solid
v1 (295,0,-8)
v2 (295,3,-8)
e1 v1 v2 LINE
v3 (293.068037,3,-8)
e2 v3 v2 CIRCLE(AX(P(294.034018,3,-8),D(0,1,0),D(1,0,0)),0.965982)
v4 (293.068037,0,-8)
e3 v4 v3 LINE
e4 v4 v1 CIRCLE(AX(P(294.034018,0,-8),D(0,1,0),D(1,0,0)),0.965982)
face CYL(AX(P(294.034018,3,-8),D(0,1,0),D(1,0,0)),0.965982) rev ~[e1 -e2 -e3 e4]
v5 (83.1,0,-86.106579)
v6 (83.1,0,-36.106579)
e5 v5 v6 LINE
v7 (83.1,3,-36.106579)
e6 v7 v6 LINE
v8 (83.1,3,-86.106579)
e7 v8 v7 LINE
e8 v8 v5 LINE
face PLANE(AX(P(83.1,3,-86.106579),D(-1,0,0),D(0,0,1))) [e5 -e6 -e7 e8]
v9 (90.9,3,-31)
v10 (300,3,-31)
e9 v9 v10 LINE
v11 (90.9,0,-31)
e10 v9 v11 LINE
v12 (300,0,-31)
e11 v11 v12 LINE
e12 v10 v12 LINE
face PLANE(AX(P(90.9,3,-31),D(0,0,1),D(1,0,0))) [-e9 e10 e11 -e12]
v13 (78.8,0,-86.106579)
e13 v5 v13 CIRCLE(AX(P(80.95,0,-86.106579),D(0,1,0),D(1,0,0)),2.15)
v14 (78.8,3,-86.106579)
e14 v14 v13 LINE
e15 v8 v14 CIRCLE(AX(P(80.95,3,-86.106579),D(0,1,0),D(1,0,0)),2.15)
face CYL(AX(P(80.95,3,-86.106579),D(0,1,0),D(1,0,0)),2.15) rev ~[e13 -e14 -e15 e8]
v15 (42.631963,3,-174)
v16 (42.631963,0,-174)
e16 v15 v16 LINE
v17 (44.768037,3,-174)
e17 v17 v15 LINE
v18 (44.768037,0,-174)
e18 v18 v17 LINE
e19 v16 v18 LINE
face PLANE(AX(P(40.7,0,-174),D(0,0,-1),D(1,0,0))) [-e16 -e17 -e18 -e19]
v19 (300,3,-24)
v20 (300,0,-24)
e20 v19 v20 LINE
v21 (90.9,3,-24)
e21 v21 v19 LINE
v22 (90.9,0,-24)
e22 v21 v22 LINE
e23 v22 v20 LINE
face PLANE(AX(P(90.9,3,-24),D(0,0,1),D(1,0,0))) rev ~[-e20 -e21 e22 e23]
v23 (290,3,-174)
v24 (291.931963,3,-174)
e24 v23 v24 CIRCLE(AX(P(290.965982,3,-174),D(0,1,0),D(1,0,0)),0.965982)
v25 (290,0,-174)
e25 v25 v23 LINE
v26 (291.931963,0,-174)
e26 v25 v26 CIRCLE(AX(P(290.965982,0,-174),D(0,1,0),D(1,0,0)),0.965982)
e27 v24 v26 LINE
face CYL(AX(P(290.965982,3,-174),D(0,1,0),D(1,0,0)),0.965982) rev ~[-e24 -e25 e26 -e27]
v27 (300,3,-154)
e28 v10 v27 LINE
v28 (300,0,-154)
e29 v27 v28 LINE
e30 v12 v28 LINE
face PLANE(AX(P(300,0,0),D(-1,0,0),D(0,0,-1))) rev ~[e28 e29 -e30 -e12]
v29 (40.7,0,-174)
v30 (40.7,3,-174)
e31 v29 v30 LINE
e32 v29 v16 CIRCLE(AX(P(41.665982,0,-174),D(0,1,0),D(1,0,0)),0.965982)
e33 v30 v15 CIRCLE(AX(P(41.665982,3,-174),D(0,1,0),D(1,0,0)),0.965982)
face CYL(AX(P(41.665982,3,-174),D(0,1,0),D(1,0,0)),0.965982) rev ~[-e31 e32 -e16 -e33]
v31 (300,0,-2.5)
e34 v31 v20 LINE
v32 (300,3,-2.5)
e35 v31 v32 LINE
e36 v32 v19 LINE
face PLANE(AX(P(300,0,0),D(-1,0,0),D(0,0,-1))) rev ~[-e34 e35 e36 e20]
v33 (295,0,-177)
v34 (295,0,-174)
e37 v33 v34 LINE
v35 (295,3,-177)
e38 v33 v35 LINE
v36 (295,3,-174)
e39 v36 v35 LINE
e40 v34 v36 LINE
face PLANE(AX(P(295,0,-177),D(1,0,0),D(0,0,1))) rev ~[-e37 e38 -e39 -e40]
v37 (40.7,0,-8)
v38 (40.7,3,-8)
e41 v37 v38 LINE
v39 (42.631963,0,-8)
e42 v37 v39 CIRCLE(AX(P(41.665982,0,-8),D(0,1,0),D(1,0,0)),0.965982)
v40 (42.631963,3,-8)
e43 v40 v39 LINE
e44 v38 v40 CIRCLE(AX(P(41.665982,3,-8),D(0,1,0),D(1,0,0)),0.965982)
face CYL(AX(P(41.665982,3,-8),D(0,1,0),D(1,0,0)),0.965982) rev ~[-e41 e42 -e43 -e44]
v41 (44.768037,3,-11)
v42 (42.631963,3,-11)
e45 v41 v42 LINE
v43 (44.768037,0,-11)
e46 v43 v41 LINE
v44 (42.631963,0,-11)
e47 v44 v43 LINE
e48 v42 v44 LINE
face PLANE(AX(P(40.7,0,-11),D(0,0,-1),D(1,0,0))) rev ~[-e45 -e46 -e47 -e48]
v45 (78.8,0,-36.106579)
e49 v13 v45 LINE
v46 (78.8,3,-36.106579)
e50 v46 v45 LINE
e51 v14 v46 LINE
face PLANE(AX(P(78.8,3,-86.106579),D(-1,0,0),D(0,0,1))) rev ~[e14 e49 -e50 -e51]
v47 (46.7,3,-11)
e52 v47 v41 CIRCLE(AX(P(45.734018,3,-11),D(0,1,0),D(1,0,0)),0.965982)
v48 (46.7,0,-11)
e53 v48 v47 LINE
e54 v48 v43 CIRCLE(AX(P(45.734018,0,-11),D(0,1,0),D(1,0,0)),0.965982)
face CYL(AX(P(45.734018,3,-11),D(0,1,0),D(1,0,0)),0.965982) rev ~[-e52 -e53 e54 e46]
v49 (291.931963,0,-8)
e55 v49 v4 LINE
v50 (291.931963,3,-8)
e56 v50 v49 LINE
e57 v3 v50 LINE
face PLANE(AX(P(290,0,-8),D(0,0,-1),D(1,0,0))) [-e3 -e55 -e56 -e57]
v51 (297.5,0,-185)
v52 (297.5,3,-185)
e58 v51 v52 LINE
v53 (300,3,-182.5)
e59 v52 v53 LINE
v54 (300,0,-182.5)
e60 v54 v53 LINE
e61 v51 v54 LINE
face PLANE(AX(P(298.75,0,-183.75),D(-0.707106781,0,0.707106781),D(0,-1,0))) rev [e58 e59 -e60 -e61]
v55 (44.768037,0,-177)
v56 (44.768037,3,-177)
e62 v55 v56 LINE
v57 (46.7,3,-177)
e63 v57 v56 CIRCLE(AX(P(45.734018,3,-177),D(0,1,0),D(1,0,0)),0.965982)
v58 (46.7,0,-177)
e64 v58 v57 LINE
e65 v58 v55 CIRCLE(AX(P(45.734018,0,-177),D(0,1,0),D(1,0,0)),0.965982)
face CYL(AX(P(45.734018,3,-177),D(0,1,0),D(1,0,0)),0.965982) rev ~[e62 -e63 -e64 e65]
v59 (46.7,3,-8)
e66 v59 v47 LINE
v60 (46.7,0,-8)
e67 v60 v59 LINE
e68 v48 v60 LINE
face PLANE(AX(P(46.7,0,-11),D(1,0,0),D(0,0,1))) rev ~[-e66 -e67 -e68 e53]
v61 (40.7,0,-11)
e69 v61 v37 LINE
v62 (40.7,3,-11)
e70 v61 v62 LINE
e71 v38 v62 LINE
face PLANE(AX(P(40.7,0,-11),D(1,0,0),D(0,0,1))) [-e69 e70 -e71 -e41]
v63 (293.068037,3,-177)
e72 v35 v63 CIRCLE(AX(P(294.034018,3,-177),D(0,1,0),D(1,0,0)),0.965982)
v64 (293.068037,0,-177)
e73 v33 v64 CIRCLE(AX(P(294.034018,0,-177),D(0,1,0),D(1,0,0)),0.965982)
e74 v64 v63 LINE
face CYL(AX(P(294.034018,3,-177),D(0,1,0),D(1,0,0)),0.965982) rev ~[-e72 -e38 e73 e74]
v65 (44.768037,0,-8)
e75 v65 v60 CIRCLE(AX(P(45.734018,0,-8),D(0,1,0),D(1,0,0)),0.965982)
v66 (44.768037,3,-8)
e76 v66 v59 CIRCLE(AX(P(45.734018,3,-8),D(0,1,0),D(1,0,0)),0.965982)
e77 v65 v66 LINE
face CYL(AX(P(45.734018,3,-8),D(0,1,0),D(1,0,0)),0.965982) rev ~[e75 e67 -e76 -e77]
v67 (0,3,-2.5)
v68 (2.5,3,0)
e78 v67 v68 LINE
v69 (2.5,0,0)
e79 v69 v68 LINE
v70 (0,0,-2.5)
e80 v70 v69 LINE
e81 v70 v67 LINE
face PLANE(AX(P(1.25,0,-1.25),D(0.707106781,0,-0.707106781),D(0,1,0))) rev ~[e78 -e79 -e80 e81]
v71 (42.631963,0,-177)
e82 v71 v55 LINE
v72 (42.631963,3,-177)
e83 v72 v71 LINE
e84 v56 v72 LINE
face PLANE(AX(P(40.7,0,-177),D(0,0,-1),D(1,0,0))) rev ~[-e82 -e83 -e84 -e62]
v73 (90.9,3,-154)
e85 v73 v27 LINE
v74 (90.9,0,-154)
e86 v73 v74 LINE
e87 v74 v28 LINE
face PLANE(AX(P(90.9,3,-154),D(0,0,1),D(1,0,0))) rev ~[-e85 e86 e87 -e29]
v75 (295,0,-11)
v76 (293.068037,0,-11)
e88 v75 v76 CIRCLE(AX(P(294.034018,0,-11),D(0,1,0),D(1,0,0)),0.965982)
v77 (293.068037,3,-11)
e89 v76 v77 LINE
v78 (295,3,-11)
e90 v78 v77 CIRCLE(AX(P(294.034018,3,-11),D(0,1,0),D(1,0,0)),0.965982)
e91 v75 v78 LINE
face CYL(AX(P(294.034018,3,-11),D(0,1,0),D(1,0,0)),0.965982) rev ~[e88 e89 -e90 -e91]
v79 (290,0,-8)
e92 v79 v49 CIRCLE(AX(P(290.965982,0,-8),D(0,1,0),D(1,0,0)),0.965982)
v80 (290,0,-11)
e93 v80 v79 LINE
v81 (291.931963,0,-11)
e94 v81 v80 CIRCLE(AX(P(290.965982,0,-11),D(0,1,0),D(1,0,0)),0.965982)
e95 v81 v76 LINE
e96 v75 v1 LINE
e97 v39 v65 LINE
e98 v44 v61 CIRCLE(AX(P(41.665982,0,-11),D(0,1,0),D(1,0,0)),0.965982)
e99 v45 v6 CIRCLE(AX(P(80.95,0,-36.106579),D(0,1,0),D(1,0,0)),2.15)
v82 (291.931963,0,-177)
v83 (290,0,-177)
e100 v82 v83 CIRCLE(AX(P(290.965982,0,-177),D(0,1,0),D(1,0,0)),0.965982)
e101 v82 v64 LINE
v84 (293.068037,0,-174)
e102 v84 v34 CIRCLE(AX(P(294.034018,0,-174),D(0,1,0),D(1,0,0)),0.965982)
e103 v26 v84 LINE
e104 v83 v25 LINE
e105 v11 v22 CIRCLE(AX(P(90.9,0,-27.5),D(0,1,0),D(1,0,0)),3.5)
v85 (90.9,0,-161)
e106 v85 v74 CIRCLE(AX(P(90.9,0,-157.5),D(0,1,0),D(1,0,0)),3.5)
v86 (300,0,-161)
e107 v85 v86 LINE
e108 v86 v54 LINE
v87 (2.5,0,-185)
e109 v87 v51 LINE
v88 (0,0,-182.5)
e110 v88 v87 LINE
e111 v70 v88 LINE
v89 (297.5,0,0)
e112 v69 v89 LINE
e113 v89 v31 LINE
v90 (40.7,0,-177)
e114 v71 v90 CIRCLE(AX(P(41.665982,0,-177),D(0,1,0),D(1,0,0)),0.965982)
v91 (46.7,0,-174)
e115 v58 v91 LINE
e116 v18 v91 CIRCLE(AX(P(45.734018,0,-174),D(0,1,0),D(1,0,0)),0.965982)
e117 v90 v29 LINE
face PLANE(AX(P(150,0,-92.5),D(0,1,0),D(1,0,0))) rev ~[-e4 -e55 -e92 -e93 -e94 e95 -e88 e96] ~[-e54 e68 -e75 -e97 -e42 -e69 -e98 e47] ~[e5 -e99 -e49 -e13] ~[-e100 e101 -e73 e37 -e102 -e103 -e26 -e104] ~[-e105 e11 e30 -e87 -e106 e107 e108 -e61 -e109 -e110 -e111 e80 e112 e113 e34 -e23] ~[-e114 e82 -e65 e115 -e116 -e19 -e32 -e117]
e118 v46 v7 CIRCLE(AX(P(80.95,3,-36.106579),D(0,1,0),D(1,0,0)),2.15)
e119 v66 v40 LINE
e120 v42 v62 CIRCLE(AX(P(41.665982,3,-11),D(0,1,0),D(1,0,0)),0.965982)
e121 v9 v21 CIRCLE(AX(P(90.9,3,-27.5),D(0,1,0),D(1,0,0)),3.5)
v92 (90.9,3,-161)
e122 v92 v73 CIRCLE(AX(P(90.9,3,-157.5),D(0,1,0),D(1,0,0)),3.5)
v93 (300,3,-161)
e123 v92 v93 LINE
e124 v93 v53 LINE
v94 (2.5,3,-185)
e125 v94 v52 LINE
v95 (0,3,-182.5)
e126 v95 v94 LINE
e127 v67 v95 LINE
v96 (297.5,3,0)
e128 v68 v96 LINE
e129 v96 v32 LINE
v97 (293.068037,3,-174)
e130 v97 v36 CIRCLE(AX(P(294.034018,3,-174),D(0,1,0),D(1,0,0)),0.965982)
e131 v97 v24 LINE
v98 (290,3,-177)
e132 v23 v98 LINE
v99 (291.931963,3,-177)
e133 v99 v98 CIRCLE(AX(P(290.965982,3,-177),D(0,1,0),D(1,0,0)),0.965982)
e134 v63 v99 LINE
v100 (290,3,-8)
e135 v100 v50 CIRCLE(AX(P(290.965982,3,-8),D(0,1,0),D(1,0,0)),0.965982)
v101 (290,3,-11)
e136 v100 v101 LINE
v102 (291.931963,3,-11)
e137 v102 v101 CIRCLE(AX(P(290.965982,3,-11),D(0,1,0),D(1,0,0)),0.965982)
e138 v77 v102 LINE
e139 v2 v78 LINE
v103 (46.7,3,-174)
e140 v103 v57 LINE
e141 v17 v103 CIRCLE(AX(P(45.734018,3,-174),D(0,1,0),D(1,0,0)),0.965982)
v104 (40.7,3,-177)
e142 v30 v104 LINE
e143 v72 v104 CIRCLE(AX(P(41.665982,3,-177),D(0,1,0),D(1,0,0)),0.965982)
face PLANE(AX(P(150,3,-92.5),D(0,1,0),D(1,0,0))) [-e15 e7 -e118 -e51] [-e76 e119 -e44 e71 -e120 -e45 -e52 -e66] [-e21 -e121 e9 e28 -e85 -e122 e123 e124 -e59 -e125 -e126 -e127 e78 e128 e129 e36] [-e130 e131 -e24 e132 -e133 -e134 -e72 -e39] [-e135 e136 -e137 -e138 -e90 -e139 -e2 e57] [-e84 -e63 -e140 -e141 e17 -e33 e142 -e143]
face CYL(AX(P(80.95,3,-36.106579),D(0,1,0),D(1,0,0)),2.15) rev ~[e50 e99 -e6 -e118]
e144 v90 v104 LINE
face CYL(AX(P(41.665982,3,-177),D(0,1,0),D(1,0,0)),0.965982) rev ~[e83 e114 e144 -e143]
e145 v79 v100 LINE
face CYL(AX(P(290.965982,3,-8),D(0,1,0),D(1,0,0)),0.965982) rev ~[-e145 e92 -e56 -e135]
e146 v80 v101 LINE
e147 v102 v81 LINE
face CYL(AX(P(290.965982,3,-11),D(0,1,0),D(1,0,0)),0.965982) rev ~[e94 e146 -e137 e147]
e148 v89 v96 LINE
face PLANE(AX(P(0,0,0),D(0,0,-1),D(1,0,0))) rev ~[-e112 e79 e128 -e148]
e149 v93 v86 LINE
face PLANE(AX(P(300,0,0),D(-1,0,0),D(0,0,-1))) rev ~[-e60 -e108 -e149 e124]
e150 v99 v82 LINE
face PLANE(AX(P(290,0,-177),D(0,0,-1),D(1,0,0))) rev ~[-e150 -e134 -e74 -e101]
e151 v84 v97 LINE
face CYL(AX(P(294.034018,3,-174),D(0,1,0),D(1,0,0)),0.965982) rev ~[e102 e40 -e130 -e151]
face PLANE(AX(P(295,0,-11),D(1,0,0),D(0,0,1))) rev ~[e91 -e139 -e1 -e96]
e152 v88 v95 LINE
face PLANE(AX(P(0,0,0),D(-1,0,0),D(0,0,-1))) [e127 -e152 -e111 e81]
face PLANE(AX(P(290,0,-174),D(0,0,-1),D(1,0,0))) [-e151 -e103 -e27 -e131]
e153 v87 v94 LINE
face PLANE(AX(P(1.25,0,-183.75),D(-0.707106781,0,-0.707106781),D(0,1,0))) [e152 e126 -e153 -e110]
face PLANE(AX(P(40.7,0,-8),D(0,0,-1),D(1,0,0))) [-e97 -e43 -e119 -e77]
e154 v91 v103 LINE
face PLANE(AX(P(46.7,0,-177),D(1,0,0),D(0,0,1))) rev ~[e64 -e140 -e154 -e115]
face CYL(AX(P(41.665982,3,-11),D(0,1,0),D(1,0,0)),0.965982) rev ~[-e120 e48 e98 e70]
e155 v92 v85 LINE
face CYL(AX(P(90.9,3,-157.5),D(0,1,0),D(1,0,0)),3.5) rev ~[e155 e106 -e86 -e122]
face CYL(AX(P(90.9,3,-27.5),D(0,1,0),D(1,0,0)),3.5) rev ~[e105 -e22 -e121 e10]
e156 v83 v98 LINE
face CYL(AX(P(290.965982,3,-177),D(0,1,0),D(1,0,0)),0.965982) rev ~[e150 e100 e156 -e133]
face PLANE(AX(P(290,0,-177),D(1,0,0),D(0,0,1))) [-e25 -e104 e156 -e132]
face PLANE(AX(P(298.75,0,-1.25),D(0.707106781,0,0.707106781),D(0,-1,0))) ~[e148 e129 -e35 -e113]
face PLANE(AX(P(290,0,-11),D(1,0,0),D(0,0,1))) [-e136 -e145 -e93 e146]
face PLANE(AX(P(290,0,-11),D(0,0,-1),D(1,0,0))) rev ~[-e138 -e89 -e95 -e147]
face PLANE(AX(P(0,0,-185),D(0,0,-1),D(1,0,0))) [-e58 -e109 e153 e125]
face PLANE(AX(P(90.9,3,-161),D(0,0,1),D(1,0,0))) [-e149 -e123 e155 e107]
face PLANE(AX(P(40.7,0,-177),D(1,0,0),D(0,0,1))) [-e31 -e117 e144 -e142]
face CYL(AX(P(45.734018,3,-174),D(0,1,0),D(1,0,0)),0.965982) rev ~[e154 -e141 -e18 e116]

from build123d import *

# Parameters (mm, degrees)
SKETCH_1_W           = 300
SKETCH_1_H           = 185
EXTRUDE_1_DEPTH      = 3
CUT_EXTRUDE_1_DEPTH  = 10
SKETCH_3_R           = 2.15
CUT_EXTRUDE_2_DEPTH  = 10
SKETCH_4_W           = 209.1
SKETCH_4_H           = 7
CUT_EXTRUDE_3_DEPTH  = 10
SKETCH_5_R           = 3.5
CUT_EXTRUDE_5_DEPTH  = 10
CHAMFER_1_SIZE       = 2.5
SKETCH_9_W           = 5
SKETCH_9_H           = 3
SKETCH_9_W_2         = 6
CUT_EXTRUDE_9_DEPTH  = 10
SKETCH_10_R          = 0.965981561
CUT_EXTRUDE_10_DEPTH = 10


with BuildPart() as part:
    # 스케치1 → 보스-돌출1 (new body)
    with BuildSketch(Plane(origin=(0, 0, 0), x_dir=(1, 0, 0), z_dir=(0, 1, 0))):
        with Locations((150, 92.5)):
            Rectangle(SKETCH_1_W, SKETCH_1_H)
    extrude(amount=EXTRUDE_1_DEPTH)

    # 스케치2 → 컷-돌출1 (cut)
    with BuildSketch(Plane(origin=(0, 3, 0), x_dir=(1, 0, 0), z_dir=(0, 1, 0))):
        Polygon((78.8, 61.106579113), (78.8, 86.106579113), (83.1, 86.106579113), (83.1, 36.106579113), (78.8, 36.106579113), align=None)
    extrude(amount=-CUT_EXTRUDE_1_DEPTH, mode=Mode.SUBTRACT)

    # 스케치3 → 컷-돌출2 (cut)
    with BuildSketch(Plane(origin=(0, 3, 0), x_dir=(1, 0, 0), z_dir=(0, 1, 0))):
        with Locations((80.95, 86.106579113)):
            Circle(SKETCH_3_R)
        with Locations((80.95, 36.106579113)):
            Circle(SKETCH_3_R)
    extrude(amount=-CUT_EXTRUDE_2_DEPTH, mode=Mode.SUBTRACT)

    # 스케치4 → 컷-돌출3 (cut)
    with BuildSketch(Plane(origin=(0, 3, 0), x_dir=(1, 0, 0), z_dir=(0, 1, 0))):
        with Locations((195.45, 157.5)):
            Rectangle(SKETCH_4_W, SKETCH_4_H)
        with Locations((195.45, 27.5)):
            Rectangle(SKETCH_4_W, SKETCH_4_H)
    extrude(amount=-CUT_EXTRUDE_3_DEPTH, mode=Mode.SUBTRACT)

    # 스케치5 → 컷-돌출5 (cut)
    with BuildSketch(Plane(origin=(0, 3, 0), x_dir=(1, 0, 0), z_dir=(0, 1, 0))):
        with Locations((90.9, 157.5)):
            Circle(SKETCH_5_R)
        with Locations((90.9, 27.5)):
            Circle(SKETCH_5_R)
    extrude(amount=-CUT_EXTRUDE_5_DEPTH, mode=Mode.SUBTRACT)

    # 모따기1
    chamfer_1_edges = [part.edges().sort_by_distance(p)[0] for p in [
        (0, 1.5, -185),
        (300, 1.5, -185),
        (300, 1.5, 0),
        (0, 1.5, 0),
    ]]
    chamfer(chamfer_1_edges, length=CHAMFER_1_SIZE)

    # 스케치9 → 컷-돌출9 (cut)
    with BuildSketch(Plane.XZ):
        with Locations((292.5, -175.5)):
            Rectangle(SKETCH_9_W, SKETCH_9_H)
        with Locations((43.7, -175.5)):
            Rectangle(SKETCH_9_W_2, SKETCH_9_H)
        with Locations((43.7, -9.5)):
            Rectangle(SKETCH_9_W_2, SKETCH_9_H)
        with Locations((292.5, -9.5)):
            Rectangle(SKETCH_9_W, SKETCH_9_H)
    extrude(amount=-CUT_EXTRUDE_9_DEPTH, mode=Mode.SUBTRACT)

    # 스케치10 → 컷-돌출10 (cut)
    with BuildSketch(Plane(origin=(0, 3, 0), x_dir=(1, 0, 0), z_dir=(0, 1, 0))):
        with Locations((294.034018439, 174)):
            Circle(SKETCH_10_R)
        with Locations((290.965981561, 174)):
            Circle(SKETCH_10_R)
        with Locations((290.965981561, 177)):
            Circle(SKETCH_10_R)
        with Locations((294.034018439, 177)):
            Circle(SKETCH_10_R)
        with Locations((41.665981561, 174)):
            Circle(SKETCH_10_R)
        with Locations((41.665981561, 177)):
            Circle(SKETCH_10_R)
        with Locations((45.734018439, 177)):
            Circle(SKETCH_10_R)
        with Locations((45.734018439, 174)):
            Circle(SKETCH_10_R)
        with Locations((45.734018439, 11)):
            Circle(SKETCH_10_R)
        with Locations((45.734018439, 8)):
            Circle(SKETCH_10_R)
        with Locations((41.665981561, 8)):
            Circle(SKETCH_10_R)
        with Locations((41.665981561, 11)):
            Circle(SKETCH_10_R)
        with Locations((294.034018439, 8)):
            Circle(SKETCH_10_R)
        with Locations((290.965981561, 8)):
            Circle(SKETCH_10_R)
        with Locations((290.965981561, 11)):
            Circle(SKETCH_10_R)
        with Locations((294.034018439, 11)):
            Circle(SKETCH_10_R)
    extrude(amount=-CUT_EXTRUDE_10_DEPTH, mode=Mode.SUBTRACT)


solid = part.part
